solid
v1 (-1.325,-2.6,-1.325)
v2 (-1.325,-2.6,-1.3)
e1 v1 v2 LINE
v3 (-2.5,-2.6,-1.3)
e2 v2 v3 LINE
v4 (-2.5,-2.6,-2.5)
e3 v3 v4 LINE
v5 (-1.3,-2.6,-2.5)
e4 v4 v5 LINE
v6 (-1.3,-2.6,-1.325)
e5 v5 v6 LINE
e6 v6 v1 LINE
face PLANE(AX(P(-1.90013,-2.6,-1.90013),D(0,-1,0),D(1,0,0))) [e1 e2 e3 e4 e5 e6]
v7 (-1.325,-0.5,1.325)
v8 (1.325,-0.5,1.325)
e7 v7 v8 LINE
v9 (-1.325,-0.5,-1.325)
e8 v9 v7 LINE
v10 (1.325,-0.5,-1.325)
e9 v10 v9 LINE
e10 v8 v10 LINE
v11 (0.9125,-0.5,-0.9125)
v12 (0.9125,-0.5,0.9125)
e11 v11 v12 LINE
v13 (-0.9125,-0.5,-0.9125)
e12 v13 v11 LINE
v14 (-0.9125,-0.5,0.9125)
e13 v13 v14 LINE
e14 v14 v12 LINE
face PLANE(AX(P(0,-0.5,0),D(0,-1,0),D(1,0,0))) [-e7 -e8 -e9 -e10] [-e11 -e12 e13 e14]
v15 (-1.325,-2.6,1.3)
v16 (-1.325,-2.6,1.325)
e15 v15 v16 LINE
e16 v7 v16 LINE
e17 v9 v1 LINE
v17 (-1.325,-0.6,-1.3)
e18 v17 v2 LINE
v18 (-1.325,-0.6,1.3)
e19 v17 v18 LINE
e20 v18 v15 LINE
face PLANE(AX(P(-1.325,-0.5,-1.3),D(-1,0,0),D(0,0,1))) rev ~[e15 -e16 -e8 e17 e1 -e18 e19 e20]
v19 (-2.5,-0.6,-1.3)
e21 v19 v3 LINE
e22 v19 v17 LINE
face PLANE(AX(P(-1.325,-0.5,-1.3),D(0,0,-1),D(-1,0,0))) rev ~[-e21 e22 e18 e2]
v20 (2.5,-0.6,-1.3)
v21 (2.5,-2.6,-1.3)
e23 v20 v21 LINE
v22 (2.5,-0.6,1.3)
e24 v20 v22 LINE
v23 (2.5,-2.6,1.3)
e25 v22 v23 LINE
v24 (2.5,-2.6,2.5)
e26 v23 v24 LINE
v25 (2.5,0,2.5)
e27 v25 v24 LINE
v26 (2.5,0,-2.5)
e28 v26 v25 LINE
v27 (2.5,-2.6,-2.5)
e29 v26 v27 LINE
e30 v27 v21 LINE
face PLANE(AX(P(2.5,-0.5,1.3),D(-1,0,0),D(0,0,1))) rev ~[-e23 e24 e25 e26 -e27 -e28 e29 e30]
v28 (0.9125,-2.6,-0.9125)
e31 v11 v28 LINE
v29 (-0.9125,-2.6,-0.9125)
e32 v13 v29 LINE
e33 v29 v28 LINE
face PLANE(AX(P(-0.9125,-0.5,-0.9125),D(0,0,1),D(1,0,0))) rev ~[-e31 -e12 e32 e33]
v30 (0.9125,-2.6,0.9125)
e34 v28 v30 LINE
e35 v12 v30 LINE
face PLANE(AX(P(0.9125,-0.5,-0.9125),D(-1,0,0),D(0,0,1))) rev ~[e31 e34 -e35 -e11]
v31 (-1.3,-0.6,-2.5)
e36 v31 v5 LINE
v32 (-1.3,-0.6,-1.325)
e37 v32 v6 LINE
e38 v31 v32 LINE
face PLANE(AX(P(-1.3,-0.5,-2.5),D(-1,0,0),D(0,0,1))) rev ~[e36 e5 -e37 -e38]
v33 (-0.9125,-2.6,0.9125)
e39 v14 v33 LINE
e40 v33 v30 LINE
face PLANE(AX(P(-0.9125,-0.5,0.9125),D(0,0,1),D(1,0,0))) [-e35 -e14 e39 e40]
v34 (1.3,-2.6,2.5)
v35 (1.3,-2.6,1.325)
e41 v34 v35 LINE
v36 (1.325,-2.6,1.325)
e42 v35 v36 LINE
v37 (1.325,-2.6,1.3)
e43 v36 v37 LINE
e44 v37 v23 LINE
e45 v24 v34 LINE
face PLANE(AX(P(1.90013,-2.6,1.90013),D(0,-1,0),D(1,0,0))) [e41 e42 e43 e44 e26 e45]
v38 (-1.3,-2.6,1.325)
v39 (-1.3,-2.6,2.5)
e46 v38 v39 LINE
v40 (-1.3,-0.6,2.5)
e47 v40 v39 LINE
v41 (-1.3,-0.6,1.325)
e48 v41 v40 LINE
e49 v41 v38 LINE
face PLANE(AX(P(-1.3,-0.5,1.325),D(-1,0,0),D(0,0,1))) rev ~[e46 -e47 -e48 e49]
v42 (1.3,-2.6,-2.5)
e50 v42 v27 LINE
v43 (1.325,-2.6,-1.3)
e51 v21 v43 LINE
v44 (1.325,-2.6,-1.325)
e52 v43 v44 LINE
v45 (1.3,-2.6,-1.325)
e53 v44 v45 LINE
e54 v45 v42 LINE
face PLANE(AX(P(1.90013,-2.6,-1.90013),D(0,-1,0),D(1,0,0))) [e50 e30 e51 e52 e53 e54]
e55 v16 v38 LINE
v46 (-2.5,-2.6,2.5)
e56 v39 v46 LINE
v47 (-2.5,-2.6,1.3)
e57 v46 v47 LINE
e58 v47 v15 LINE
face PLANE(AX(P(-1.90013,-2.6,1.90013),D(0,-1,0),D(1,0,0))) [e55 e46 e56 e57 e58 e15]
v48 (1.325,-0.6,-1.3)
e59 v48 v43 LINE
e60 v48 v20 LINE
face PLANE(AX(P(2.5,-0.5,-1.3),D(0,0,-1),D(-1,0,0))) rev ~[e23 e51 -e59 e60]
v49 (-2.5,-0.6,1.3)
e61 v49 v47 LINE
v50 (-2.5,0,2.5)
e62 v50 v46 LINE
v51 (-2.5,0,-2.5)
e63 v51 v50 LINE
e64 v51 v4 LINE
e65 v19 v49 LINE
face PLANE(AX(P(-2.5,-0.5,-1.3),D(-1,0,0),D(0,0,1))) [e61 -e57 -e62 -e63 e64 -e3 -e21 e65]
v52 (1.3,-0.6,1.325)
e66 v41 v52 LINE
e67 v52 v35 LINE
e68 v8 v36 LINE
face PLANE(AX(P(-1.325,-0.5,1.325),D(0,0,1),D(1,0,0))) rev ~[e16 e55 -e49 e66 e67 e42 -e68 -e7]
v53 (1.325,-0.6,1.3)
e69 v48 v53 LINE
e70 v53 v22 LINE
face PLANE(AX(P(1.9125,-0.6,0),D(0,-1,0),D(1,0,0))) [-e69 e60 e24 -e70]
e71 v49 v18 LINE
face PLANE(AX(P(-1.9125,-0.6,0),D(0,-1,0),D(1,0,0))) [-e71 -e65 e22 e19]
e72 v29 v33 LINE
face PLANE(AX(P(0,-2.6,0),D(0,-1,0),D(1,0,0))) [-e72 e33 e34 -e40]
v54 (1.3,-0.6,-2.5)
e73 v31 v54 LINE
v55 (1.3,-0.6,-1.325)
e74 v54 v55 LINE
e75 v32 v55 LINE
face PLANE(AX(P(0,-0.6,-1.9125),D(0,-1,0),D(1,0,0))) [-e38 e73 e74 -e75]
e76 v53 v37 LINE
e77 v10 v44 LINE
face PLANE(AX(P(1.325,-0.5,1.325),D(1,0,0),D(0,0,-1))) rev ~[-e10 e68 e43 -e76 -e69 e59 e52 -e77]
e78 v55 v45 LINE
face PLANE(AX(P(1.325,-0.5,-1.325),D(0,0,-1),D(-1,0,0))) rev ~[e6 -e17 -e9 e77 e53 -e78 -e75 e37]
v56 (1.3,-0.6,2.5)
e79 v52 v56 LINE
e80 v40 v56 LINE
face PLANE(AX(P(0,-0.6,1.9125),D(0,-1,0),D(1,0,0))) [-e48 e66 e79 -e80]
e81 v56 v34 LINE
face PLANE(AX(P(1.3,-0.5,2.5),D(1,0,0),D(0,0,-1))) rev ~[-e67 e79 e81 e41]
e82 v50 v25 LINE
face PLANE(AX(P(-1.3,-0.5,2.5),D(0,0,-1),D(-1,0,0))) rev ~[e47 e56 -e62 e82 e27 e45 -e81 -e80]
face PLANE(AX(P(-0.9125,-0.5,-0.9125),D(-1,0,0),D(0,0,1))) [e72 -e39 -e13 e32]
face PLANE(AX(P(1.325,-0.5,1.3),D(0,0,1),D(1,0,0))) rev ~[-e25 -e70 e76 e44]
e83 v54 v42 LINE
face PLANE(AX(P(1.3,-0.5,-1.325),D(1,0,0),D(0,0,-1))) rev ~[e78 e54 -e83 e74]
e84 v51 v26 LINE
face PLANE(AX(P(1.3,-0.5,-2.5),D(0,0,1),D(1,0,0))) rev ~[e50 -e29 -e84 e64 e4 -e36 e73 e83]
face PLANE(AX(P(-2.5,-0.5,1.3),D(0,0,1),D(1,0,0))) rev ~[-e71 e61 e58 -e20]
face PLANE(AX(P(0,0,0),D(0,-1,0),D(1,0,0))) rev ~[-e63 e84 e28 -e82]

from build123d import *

# Parameters (mm, degrees)
F0_W      = 5
F0_H      = 5
F1_DEPTH  = 0.5
F2_W      = 1.825
F2_H      = 1.825
F3_DEPTH  = 2.1
F5_DEPTH  = 2.1
F6_W      = 2.6
F6_H      = 1.175
F7_DEPTH  = 0.1
F9_DEPTH  = 2.1
F10_W     = 1.175
F10_H     = 2.6
F11_DEPTH = 0.1
F13_DEPTH = 2.1
F14_W     = 2.6
F14_H     = 1.175
F15_DEPTH = 0.1
F17_DEPTH = 2.1
F18_W     = 1.175
F18_H     = 2.6
F19_DEPTH = 0.1


with BuildPart() as f1:
    # F0 (on Front) → F1 (new body)
    with BuildSketch(Plane.XZ):
        Rectangle(F0_W, F0_H)
    extrude(amount=F1_DEPTH)

    # F2 (on face) → F3 (join)
    with BuildSketch(Plane.XZ.offset(0.5)):
        Rectangle(F2_W, F2_H)
    extrude(amount=F3_DEPTH)

    # F4 (on face) → F5 (join)
    with BuildSketch(Plane.XZ.offset(0.5)):
        Polygon((-2.5, -1.3), (-2.5, -2.5), (-1.3, -2.5), (-1.3, -1.325), (-1.325, -1.325), (-1.325, -1.3), align=None)
    extrude(amount=F5_DEPTH)

    # F6 (on face) → F7 (join)
    with BuildSketch(Plane.XZ.offset(0.5)):
        with Locations((0, -1.9125)):
            Rectangle(F6_W, F6_H)
    extrude(amount=F7_DEPTH)

    # F8 (on face) → F9 (join)
    with BuildSketch(Plane.XZ.offset(0.5)):
        Polygon((1.3, -1.325), (1.3, -2.5), (2.5, -2.5), (2.5, -1.3), (1.325, -1.3), (1.325, -1.325), align=None)
    extrude(amount=F9_DEPTH)

    # F10 (on face) → F11 (join)
    with BuildSketch(Plane.XZ.offset(0.5)):
        with Locations((1.9125, 0)):
            Rectangle(F10_W, F10_H)
    extrude(amount=F11_DEPTH)

    # F12 (on face) → F13 (join)
    with BuildSketch(Plane.XZ.offset(0.5)):
        Polygon((1.325, 1.325), (1.325, 1.3), (2.5, 1.3), (2.5, 2.5), (1.3, 2.5), (1.3, 1.325), align=None)
    extrude(amount=F13_DEPTH)

    # F14 (on face) → F15 (join)
    with BuildSketch(Plane.XZ.offset(0.5)):
        with Locations((0, 1.9125)):
            Rectangle(F14_W, F14_H)
    extrude(amount=F15_DEPTH)

    # F16 (on face) → F17 (join)
    with BuildSketch(Plane.XZ.offset(0.5)):
        Polygon((-1.3, 1.325), (-1.3, 2.5), (-2.5, 2.5), (-2.5, 1.3), (-1.325, 1.3), (-1.325, 1.325), align=None)
    extrude(amount=F17_DEPTH)

    # F18 (on face) → F19 (join)
    with BuildSketch(Plane.XZ.offset(0.5)):
        with Locations((-1.9125, 0)):
            Rectangle(F18_W, F18_H)
    extrude(amount=F19_DEPTH)


solid = f1.part
